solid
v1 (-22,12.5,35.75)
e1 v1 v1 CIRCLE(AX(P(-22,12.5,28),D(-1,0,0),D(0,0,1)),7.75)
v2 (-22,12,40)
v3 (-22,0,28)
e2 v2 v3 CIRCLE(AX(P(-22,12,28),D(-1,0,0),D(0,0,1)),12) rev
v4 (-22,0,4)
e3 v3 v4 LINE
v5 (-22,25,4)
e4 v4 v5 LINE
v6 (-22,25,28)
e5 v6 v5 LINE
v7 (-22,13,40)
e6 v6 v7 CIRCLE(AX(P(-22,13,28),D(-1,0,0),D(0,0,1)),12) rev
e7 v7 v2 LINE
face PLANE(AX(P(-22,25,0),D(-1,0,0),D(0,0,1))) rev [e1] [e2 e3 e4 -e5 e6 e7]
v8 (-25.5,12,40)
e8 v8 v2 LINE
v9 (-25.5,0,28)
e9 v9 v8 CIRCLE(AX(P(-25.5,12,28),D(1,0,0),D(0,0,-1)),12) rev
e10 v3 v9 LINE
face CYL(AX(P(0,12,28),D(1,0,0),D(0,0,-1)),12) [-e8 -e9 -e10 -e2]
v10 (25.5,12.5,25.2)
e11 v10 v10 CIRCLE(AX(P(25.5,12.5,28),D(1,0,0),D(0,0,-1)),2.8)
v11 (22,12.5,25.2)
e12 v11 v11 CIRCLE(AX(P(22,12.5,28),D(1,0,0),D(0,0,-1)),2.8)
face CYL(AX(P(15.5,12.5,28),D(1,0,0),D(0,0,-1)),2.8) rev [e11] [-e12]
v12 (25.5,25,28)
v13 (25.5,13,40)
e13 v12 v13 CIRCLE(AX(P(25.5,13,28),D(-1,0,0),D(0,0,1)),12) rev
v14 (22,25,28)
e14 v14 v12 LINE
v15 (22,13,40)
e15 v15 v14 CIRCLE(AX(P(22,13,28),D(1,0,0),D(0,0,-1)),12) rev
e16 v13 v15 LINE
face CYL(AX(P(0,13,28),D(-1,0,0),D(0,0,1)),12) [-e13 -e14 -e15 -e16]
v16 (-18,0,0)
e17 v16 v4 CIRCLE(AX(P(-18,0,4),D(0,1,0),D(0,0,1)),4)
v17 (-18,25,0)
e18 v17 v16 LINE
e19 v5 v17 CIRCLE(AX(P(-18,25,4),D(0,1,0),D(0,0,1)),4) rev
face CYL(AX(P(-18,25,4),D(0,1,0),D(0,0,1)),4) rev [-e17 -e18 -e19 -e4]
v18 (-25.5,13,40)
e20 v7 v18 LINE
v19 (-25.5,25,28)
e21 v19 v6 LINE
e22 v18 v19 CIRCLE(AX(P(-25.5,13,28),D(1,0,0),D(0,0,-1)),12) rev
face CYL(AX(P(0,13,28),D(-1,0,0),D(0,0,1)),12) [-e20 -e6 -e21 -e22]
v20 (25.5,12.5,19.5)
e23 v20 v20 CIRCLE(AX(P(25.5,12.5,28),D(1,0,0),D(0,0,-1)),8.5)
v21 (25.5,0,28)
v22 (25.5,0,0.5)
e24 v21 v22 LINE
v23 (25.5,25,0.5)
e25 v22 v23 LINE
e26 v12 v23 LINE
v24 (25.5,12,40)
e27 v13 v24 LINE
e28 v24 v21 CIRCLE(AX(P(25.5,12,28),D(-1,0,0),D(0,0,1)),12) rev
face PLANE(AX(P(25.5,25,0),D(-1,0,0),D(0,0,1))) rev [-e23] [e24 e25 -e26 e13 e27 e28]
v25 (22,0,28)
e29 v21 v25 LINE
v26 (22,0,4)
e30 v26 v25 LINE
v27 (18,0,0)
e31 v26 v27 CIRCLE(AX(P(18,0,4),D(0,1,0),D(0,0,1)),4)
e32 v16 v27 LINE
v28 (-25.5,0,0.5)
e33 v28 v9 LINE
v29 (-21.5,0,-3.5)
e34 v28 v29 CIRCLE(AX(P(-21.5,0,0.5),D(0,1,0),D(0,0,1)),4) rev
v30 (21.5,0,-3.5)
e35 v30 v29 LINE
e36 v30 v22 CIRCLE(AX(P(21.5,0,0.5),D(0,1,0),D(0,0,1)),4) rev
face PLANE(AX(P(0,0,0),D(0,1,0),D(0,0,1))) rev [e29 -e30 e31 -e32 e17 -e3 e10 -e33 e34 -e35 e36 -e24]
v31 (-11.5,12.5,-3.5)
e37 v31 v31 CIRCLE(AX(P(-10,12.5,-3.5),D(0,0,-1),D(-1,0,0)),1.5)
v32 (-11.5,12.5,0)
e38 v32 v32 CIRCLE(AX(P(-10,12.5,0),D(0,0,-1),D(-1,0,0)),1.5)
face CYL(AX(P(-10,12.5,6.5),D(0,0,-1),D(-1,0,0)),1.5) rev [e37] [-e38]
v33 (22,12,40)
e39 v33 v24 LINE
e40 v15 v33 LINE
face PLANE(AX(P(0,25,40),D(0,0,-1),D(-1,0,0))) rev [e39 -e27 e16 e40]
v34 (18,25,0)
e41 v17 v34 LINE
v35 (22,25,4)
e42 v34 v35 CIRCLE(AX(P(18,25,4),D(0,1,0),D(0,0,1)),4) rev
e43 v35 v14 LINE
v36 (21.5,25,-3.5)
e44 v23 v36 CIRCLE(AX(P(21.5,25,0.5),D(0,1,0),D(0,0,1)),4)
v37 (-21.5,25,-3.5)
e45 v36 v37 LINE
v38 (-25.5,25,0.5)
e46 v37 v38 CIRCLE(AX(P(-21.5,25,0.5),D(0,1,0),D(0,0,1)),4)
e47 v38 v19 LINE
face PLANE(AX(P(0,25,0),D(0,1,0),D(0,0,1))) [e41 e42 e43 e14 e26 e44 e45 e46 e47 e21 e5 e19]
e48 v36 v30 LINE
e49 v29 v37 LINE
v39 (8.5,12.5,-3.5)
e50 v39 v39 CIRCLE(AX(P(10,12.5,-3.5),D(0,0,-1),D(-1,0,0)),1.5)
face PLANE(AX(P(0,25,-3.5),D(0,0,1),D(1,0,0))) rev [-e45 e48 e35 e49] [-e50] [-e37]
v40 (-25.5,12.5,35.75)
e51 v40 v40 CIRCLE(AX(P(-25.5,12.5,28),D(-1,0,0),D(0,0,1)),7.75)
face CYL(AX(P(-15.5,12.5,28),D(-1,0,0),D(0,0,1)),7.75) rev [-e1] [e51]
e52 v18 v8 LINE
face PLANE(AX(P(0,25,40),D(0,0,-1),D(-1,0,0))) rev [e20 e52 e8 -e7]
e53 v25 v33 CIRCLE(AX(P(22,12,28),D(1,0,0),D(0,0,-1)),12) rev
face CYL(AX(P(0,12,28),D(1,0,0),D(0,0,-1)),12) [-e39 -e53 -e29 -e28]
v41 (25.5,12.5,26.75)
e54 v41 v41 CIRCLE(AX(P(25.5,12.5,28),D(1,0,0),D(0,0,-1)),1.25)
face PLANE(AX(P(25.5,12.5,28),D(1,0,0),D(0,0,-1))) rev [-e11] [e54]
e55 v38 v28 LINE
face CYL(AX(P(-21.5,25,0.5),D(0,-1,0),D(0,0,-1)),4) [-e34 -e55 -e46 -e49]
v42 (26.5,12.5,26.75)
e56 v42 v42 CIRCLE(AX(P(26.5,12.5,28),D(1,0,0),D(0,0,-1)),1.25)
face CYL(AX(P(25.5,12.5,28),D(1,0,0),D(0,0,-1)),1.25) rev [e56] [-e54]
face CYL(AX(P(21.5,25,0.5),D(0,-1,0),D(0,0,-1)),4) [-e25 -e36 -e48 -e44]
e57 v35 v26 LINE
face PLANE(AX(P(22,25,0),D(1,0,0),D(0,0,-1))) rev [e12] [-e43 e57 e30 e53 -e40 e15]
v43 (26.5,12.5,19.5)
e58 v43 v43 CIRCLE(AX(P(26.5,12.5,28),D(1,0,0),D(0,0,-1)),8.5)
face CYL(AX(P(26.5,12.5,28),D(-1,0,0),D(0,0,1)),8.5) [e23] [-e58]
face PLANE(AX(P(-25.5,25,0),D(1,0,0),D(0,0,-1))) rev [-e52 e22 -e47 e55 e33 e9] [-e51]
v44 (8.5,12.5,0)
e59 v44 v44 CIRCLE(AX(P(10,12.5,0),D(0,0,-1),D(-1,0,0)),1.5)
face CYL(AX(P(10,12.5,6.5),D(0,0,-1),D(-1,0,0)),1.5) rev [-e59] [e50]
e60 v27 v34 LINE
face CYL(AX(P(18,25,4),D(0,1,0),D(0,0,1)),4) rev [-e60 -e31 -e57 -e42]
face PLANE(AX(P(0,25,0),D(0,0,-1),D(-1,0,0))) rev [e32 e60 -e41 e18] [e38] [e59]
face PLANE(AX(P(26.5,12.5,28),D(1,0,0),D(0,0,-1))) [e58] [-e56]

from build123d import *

# Parameters (mm, degrees)
SALIENTE_EXTRUIR1_DEPTH = 25
REDONDEO1_R             = 12
CROQUIS2_R              = 7.75
CORTAR_EXTRUIR1_DEPTH   = 10
CROQUIS3_R              = 2.8
CORTAR_EXTRUIR2_DEPTH   = 10
CROQUIS4_R              = 8.5
SALIENTE_EXTRUIR3_DEPTH = 1
CROQUIS5_R              = 1.25
CORTAR_EXTRUIR3_DEPTH   = 1
REDONDEO2_R             = 4
REDONDEO3_R             = 4
CROQUIS6_R              = 1.5
CORTAR_EXTRUIR4_DEPTH   = 10


with BuildPart() as part:
    # Croquis1 → Saliente-Extruir1 (new body)
    with BuildSketch(Plane(origin=(0, 0, 0), x_dir=(1, 0, 0), z_dir=(0, 1, 0))):
        Polygon((-25.5, -40), (-22, -40), (-22, 0), (22, 0), (22, -40), (25.5, -40), (25.5, 3.5), (-25.5, 3.5), align=None)
    extrude(amount=SALIENTE_EXTRUIR1_DEPTH)

    # Redondeo1
    redondeo1_edges = [part.edges().sort_by_distance(p)[0] for p in [
        (23.75, 0, 40),
        (-23.75, 0, 40),
        (23.75, 25, 40),
        (-23.75, 25, 40),
    ]]
    fillet(redondeo1_edges, radius=REDONDEO1_R)

    # Croquis2 → Cortar-Extruir1 (cut)
    with BuildSketch(Plane.ZY.offset(25.5)):
        with Locations((28, 12.5)):
            Circle(CROQUIS2_R)
    extrude(amount=-CORTAR_EXTRUIR1_DEPTH, mode=Mode.SUBTRACT)

    # Croquis3 → Cortar-Extruir2 (cut)
    with BuildSketch(Plane(origin=(25.5, 0, 0), x_dir=(0, 0, -1), z_dir=(1, 0, 0))):
        with Locations((-28, 12.5)):
            Circle(CROQUIS3_R)
    extrude(amount=-CORTAR_EXTRUIR2_DEPTH, mode=Mode.SUBTRACT)

    # Croquis4 → Saliente-Extruir3 (add)
    with BuildSketch(Plane(origin=(25.5, 0, 0), x_dir=(0, 0, -1), z_dir=(1, 0, 0))):
        with Locations((-28, 12.5)):
            Circle(CROQUIS4_R)
    extrude(amount=SALIENTE_EXTRUIR3_DEPTH)

    # Croquis5 → Cortar-Extruir3 (cut)
    with BuildSketch(Plane(origin=(26.5, 0, 0), x_dir=(0, 0, -1), z_dir=(1, 0, 0))):
        with Locations((-28, 12.5)):
            Circle(CROQUIS5_R)
    extrude(amount=-CORTAR_EXTRUIR3_DEPTH, mode=Mode.SUBTRACT)

    # Redondeo2
    redondeo2_edges = [part.edges().sort_by_distance(p)[0] for p in [
        (22, 12.5, 0),
        (-22, 12.5, 0),
    ]]
    fillet(redondeo2_edges, radius=REDONDEO2_R)

    # Redondeo3
    redondeo3_edges = [part.edges().sort_by_distance(p)[0] for p in [
        (-25.5, 12.5, -3.5),
        (25.5, 12.5, -3.5),
    ]]
    fillet(redondeo3_edges, radius=REDONDEO3_R)

    # Croquis6 → Cortar-Extruir4 (cut)
    with BuildSketch(Plane(origin=(0, 0, -3.5), x_dir=(-1, 0, 0), z_dir=(0, 0, -1))):
        with Locations((-10, 12.5)):
            Circle(CROQUIS6_R)
        with Locations((10, 12.5)):
            Circle(CROQUIS6_R)
    extrude(amount=-CORTAR_EXTRUIR4_DEPTH, mode=Mode.SUBTRACT)


solid = part.part
